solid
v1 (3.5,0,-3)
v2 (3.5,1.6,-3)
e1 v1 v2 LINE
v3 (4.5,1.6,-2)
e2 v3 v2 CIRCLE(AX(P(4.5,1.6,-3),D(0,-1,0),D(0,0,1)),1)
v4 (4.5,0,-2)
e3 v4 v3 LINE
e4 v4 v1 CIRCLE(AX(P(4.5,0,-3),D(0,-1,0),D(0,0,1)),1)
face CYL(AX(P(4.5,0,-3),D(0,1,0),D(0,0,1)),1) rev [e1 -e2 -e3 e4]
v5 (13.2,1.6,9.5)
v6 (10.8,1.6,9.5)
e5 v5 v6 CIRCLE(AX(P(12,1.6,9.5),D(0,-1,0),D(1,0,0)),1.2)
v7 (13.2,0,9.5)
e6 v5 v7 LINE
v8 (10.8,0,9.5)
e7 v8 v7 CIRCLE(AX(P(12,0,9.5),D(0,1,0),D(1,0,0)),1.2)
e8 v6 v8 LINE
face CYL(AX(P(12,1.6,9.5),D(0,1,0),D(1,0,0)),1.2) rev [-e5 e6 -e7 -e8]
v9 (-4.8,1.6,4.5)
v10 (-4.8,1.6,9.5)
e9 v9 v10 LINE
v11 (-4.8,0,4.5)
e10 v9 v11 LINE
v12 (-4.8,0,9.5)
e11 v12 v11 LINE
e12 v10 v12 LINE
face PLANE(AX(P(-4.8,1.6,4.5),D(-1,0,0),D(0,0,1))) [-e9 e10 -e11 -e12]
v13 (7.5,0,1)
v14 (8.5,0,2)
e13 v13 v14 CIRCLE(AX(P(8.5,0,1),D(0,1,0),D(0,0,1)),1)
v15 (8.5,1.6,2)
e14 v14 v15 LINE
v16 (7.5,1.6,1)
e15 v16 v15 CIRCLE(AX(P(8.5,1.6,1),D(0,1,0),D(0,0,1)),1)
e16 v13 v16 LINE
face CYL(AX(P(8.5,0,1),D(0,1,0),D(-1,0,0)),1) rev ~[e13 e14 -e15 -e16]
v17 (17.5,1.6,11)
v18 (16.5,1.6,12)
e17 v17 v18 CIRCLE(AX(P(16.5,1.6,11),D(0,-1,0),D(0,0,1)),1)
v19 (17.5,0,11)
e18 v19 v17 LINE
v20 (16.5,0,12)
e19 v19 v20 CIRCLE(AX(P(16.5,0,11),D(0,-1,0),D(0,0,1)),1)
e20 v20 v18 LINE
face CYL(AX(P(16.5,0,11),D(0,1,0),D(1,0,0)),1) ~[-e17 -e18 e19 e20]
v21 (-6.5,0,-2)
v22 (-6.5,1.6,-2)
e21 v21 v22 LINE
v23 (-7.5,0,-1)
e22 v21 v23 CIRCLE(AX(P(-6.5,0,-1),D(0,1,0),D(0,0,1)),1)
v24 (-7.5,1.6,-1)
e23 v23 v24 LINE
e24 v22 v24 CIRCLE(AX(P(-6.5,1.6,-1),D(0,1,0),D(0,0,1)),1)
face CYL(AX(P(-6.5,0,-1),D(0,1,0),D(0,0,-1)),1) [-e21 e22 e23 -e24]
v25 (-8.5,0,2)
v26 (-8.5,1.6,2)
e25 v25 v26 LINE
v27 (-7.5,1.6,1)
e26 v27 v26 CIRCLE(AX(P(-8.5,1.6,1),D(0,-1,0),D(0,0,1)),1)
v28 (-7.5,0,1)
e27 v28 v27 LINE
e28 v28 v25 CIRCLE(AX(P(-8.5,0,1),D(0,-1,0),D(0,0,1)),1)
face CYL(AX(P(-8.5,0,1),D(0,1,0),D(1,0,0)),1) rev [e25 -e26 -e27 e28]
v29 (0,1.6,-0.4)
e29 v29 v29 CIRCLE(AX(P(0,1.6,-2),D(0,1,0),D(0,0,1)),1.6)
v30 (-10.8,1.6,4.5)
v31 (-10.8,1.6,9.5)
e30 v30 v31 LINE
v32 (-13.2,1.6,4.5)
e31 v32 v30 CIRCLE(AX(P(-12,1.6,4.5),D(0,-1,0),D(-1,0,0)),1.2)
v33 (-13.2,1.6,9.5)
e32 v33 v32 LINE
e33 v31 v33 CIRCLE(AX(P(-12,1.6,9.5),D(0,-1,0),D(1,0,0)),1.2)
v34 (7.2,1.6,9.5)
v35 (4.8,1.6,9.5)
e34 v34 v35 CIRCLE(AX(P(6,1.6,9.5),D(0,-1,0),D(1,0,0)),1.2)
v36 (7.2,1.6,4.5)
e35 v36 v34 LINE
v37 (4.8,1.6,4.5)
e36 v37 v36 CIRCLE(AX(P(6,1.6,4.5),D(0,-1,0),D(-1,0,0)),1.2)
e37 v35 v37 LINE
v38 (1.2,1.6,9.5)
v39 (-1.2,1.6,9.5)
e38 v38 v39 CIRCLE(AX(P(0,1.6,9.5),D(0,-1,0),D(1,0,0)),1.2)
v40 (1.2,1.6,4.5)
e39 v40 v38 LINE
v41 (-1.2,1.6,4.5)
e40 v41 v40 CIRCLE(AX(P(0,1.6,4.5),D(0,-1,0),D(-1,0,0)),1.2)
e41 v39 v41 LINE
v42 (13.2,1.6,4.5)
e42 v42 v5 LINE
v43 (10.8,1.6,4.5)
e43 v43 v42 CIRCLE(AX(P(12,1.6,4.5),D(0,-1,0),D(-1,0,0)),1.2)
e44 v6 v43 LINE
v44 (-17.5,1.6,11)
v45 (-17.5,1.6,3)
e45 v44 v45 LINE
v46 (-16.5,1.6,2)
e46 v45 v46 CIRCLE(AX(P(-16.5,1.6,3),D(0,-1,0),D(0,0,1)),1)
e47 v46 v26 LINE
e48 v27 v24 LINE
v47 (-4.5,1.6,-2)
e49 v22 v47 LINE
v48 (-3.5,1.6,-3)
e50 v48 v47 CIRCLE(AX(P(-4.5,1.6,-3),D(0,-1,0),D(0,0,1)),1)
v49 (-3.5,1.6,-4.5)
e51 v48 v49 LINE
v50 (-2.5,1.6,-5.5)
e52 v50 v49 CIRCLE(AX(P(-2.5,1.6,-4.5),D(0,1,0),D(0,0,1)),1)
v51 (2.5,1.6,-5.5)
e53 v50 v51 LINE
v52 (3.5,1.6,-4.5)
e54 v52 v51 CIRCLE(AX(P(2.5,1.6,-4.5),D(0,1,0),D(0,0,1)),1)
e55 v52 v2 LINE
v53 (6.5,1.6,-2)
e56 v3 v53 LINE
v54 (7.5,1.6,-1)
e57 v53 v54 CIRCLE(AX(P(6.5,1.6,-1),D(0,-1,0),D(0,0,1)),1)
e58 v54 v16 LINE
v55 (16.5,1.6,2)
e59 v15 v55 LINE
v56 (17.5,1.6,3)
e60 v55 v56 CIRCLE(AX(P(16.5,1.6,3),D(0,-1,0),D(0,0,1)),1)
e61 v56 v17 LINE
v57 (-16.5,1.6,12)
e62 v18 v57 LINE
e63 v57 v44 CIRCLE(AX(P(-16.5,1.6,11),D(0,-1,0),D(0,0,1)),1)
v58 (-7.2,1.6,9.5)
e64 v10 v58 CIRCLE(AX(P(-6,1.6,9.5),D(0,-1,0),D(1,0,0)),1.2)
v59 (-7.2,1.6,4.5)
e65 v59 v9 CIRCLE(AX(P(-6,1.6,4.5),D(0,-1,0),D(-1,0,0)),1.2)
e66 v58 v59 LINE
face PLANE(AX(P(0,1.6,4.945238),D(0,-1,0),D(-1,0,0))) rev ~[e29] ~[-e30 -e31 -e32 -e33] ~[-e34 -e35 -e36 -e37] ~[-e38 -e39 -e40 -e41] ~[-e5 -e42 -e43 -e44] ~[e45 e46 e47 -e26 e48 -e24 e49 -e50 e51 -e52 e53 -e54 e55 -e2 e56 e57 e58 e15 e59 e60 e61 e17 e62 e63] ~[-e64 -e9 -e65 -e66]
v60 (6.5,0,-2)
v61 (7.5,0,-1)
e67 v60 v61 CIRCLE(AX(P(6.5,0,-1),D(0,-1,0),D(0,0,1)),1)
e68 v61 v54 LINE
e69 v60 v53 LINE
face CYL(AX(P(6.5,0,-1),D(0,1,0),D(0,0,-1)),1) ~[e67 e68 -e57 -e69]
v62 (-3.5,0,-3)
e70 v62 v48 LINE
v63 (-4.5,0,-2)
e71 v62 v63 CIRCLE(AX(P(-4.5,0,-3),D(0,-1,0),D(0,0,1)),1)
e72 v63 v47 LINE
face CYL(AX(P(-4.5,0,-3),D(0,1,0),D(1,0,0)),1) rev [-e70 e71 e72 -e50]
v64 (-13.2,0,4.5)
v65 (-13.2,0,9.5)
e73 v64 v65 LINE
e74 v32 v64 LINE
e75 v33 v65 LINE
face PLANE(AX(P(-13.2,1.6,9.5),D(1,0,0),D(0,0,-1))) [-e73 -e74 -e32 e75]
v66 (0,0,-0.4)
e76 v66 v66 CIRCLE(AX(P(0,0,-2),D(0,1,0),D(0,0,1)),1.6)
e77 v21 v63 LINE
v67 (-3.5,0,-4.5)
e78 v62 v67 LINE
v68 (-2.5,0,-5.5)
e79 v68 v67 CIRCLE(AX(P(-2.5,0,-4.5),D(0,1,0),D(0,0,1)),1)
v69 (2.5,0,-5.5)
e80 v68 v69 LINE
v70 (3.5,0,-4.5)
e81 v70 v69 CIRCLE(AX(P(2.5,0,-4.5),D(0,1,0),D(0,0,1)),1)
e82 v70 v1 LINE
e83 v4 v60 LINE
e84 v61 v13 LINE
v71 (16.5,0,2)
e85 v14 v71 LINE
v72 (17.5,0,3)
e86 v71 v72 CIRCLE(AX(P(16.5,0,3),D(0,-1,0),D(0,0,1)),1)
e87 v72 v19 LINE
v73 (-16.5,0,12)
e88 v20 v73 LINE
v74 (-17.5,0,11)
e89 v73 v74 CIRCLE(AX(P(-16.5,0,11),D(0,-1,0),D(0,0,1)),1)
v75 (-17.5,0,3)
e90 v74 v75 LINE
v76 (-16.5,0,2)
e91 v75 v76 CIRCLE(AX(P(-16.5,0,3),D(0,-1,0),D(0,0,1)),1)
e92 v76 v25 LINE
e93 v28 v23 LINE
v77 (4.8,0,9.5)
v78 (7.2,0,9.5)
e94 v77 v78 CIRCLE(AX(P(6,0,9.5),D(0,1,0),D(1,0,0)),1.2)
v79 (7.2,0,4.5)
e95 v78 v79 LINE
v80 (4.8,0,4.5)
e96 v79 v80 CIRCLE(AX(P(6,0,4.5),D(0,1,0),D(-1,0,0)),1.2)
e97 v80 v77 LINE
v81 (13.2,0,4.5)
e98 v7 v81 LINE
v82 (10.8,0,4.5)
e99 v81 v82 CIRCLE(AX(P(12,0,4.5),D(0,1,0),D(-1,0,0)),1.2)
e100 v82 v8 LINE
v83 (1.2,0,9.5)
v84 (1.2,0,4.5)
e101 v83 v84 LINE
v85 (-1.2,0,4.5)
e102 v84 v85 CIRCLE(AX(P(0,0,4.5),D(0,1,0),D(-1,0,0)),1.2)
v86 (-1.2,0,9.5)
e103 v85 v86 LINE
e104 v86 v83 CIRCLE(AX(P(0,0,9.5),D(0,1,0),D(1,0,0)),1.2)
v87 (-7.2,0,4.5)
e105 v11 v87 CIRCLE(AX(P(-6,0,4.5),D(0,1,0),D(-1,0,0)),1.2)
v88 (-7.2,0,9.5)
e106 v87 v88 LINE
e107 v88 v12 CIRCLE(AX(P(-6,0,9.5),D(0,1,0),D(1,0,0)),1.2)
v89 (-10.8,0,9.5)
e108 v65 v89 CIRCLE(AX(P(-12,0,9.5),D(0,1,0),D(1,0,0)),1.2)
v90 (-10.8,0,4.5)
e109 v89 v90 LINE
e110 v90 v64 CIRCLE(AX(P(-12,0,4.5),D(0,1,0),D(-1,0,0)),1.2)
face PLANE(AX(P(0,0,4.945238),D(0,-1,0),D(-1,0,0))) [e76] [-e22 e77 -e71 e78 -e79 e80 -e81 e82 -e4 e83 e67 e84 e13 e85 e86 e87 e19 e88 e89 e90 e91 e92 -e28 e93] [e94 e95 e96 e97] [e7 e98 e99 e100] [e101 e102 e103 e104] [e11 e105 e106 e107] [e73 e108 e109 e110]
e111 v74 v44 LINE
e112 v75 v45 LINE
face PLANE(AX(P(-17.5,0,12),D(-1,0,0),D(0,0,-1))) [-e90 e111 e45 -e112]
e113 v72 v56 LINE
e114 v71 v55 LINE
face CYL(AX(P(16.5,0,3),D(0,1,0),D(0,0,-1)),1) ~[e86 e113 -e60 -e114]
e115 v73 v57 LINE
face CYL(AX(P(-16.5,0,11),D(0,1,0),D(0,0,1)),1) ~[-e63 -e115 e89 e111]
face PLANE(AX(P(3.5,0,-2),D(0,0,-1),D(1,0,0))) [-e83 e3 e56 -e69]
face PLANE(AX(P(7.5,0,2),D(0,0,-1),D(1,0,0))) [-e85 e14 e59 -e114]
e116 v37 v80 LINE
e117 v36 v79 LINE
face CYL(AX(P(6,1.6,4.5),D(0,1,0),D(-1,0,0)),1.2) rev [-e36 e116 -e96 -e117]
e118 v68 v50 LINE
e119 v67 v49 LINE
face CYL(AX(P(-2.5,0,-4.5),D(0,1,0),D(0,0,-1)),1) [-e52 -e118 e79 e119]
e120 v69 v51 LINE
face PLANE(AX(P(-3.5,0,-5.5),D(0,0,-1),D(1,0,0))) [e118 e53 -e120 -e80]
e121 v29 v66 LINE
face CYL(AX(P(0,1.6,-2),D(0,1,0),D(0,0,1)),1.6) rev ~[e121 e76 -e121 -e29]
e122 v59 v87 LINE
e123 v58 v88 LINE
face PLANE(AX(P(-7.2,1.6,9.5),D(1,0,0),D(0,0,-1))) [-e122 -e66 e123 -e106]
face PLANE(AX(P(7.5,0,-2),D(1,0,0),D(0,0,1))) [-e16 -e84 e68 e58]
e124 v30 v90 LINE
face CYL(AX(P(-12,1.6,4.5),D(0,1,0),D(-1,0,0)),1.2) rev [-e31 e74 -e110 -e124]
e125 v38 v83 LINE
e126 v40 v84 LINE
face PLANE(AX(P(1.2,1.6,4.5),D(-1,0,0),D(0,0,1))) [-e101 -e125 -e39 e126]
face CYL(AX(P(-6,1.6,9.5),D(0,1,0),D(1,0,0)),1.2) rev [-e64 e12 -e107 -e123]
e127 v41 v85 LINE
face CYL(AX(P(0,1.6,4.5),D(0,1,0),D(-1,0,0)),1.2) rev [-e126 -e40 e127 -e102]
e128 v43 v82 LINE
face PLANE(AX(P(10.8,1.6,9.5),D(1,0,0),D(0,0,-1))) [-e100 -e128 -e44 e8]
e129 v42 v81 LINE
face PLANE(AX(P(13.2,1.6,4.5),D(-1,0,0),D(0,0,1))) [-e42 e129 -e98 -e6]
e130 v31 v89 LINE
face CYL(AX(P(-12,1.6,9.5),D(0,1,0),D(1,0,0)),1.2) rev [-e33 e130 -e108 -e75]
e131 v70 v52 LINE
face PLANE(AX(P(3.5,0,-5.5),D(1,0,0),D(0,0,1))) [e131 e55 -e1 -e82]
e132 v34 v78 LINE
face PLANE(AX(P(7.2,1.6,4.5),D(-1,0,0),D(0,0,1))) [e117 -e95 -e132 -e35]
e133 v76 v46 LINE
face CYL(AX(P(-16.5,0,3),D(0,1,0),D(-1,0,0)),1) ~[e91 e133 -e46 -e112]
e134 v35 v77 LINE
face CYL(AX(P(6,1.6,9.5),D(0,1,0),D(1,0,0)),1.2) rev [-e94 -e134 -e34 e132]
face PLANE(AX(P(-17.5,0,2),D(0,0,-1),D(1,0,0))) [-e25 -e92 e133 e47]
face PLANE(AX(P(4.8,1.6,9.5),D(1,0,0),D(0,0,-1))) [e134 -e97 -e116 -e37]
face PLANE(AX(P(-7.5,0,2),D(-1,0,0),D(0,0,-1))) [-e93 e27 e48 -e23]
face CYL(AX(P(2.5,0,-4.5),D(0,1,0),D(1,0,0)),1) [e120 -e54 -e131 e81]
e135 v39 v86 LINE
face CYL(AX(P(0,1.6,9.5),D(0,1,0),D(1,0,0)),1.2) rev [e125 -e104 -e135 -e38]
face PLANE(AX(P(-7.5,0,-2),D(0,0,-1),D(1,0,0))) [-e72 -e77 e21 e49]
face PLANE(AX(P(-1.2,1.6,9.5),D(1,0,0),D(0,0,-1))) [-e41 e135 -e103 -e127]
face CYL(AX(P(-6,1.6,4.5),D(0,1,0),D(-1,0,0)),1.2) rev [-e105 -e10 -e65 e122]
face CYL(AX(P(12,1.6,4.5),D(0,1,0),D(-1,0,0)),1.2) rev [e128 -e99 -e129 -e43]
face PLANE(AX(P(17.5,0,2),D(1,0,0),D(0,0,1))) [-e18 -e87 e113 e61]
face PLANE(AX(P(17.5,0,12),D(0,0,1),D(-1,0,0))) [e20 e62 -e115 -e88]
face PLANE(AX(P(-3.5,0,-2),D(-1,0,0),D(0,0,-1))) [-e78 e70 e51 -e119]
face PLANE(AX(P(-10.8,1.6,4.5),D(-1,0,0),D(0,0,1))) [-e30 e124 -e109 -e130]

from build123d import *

# Parameters (mm, degrees)
BOSS_EXTRUDE1_DEPTH = 1.6
SKETCH2_R           = 1.6
CUT_EXTRUDE1_DEPTH  = 22.279332696
FILLET1_R           = 1
CUT_EXTRUDE2_DEPTH  = 22.279332696
LPATTERN1_COUNT     = 3
LPATTERN1_PITCH     = 6
LPATTERN1_COL_COUNT = 3
LPATTERN1_COL_PITCH = 6


with BuildPart() as part:
    # Sketch1 → Boss-Extrude1 (new body)
    with BuildSketch(Plane(origin=(0, 0, 0), x_dir=(1, 0, 0), z_dir=(0, 1, 0))):
        Polygon((3.5, 2), (7.5, 2), (7.5, -2), (17.5, -2), (17.5, -12), (-17.5, -12), (-17.5, -2), (-7.5, -2), (-7.5, 2), (-3.5, 2), (-3.5, 5.5), (3.5, 5.5), align=None)
    extrude(amount=BOSS_EXTRUDE1_DEPTH)

    # Sketch2 → Cut-Extrude1 (cut, through all)
    with BuildSketch(Plane(origin=(0, 1.6, 0), x_dir=(1, 0, 0), z_dir=(0, 1, 0))):
        with Locations(Location((0, 2, 0), (0, 0, 270))):
            Circle(SKETCH2_R)
    extrude(amount=-CUT_EXTRUDE1_DEPTH, mode=Mode.SUBTRACT)

    # Fillet1
    fillet1_edges = [part.edges().sort_by_distance(p)[0] for p in [
        (7.5, 0.8, 2),
        (17.5, 0.8, 2),
        (17.5, 0.8, 12),
        (-17.5, 0.8, 12),
        (-17.5, 0.8, 2),
        (-7.5, 0.8, 2),
        (-7.5, 0.8, -2),
        (-3.5, 0.8, -2),
        (-3.5, 0.8, -5.5),
        (3.5, 0.8, -5.5),
        (3.5, 0.8, -2),
        (7.5, 0.8, -2),
    ]]
    fillet(fillet1_edges, radius=FILLET1_R)

    # Sketch3 → Cut-Extrude2 (cut, through all)
    with BuildSketch(Plane(origin=(0, 1.6, 0), x_dir=(1, 0, 0), z_dir=(0, 1, 0))):
        with BuildLine():
            Line((-1.2, -9.5), (-1.2, -4.5))
            ThreePointArc((-1.2, -4.5), (0, -3.3), (1.2, -4.5))
            Line((1.2, -4.5), (1.2, -9.5))
            ThreePointArc((1.2, -9.5), (0, -10.7), (-1.2, -9.5))
        make_face()
    cut_extrude2 = extrude(amount=-CUT_EXTRUDE2_DEPTH, mode=Mode.SUBTRACT)

    # LPattern1: Cut-Extrude2 ×3
    with Locations(*[(i * LPATTERN1_PITCH, 0, 0) for i in range(1, LPATTERN1_COUNT)]):
        add(cut_extrude2, mode=Mode.SUBTRACT)

    # LPattern1 col: Cut-Extrude2 ×3
    with Locations(*[(-i * LPATTERN1_COL_PITCH, 0, 0) for i in range(1, LPATTERN1_COL_COUNT)]):
        add(cut_extrude2, mode=Mode.SUBTRACT)


solid = part.part
